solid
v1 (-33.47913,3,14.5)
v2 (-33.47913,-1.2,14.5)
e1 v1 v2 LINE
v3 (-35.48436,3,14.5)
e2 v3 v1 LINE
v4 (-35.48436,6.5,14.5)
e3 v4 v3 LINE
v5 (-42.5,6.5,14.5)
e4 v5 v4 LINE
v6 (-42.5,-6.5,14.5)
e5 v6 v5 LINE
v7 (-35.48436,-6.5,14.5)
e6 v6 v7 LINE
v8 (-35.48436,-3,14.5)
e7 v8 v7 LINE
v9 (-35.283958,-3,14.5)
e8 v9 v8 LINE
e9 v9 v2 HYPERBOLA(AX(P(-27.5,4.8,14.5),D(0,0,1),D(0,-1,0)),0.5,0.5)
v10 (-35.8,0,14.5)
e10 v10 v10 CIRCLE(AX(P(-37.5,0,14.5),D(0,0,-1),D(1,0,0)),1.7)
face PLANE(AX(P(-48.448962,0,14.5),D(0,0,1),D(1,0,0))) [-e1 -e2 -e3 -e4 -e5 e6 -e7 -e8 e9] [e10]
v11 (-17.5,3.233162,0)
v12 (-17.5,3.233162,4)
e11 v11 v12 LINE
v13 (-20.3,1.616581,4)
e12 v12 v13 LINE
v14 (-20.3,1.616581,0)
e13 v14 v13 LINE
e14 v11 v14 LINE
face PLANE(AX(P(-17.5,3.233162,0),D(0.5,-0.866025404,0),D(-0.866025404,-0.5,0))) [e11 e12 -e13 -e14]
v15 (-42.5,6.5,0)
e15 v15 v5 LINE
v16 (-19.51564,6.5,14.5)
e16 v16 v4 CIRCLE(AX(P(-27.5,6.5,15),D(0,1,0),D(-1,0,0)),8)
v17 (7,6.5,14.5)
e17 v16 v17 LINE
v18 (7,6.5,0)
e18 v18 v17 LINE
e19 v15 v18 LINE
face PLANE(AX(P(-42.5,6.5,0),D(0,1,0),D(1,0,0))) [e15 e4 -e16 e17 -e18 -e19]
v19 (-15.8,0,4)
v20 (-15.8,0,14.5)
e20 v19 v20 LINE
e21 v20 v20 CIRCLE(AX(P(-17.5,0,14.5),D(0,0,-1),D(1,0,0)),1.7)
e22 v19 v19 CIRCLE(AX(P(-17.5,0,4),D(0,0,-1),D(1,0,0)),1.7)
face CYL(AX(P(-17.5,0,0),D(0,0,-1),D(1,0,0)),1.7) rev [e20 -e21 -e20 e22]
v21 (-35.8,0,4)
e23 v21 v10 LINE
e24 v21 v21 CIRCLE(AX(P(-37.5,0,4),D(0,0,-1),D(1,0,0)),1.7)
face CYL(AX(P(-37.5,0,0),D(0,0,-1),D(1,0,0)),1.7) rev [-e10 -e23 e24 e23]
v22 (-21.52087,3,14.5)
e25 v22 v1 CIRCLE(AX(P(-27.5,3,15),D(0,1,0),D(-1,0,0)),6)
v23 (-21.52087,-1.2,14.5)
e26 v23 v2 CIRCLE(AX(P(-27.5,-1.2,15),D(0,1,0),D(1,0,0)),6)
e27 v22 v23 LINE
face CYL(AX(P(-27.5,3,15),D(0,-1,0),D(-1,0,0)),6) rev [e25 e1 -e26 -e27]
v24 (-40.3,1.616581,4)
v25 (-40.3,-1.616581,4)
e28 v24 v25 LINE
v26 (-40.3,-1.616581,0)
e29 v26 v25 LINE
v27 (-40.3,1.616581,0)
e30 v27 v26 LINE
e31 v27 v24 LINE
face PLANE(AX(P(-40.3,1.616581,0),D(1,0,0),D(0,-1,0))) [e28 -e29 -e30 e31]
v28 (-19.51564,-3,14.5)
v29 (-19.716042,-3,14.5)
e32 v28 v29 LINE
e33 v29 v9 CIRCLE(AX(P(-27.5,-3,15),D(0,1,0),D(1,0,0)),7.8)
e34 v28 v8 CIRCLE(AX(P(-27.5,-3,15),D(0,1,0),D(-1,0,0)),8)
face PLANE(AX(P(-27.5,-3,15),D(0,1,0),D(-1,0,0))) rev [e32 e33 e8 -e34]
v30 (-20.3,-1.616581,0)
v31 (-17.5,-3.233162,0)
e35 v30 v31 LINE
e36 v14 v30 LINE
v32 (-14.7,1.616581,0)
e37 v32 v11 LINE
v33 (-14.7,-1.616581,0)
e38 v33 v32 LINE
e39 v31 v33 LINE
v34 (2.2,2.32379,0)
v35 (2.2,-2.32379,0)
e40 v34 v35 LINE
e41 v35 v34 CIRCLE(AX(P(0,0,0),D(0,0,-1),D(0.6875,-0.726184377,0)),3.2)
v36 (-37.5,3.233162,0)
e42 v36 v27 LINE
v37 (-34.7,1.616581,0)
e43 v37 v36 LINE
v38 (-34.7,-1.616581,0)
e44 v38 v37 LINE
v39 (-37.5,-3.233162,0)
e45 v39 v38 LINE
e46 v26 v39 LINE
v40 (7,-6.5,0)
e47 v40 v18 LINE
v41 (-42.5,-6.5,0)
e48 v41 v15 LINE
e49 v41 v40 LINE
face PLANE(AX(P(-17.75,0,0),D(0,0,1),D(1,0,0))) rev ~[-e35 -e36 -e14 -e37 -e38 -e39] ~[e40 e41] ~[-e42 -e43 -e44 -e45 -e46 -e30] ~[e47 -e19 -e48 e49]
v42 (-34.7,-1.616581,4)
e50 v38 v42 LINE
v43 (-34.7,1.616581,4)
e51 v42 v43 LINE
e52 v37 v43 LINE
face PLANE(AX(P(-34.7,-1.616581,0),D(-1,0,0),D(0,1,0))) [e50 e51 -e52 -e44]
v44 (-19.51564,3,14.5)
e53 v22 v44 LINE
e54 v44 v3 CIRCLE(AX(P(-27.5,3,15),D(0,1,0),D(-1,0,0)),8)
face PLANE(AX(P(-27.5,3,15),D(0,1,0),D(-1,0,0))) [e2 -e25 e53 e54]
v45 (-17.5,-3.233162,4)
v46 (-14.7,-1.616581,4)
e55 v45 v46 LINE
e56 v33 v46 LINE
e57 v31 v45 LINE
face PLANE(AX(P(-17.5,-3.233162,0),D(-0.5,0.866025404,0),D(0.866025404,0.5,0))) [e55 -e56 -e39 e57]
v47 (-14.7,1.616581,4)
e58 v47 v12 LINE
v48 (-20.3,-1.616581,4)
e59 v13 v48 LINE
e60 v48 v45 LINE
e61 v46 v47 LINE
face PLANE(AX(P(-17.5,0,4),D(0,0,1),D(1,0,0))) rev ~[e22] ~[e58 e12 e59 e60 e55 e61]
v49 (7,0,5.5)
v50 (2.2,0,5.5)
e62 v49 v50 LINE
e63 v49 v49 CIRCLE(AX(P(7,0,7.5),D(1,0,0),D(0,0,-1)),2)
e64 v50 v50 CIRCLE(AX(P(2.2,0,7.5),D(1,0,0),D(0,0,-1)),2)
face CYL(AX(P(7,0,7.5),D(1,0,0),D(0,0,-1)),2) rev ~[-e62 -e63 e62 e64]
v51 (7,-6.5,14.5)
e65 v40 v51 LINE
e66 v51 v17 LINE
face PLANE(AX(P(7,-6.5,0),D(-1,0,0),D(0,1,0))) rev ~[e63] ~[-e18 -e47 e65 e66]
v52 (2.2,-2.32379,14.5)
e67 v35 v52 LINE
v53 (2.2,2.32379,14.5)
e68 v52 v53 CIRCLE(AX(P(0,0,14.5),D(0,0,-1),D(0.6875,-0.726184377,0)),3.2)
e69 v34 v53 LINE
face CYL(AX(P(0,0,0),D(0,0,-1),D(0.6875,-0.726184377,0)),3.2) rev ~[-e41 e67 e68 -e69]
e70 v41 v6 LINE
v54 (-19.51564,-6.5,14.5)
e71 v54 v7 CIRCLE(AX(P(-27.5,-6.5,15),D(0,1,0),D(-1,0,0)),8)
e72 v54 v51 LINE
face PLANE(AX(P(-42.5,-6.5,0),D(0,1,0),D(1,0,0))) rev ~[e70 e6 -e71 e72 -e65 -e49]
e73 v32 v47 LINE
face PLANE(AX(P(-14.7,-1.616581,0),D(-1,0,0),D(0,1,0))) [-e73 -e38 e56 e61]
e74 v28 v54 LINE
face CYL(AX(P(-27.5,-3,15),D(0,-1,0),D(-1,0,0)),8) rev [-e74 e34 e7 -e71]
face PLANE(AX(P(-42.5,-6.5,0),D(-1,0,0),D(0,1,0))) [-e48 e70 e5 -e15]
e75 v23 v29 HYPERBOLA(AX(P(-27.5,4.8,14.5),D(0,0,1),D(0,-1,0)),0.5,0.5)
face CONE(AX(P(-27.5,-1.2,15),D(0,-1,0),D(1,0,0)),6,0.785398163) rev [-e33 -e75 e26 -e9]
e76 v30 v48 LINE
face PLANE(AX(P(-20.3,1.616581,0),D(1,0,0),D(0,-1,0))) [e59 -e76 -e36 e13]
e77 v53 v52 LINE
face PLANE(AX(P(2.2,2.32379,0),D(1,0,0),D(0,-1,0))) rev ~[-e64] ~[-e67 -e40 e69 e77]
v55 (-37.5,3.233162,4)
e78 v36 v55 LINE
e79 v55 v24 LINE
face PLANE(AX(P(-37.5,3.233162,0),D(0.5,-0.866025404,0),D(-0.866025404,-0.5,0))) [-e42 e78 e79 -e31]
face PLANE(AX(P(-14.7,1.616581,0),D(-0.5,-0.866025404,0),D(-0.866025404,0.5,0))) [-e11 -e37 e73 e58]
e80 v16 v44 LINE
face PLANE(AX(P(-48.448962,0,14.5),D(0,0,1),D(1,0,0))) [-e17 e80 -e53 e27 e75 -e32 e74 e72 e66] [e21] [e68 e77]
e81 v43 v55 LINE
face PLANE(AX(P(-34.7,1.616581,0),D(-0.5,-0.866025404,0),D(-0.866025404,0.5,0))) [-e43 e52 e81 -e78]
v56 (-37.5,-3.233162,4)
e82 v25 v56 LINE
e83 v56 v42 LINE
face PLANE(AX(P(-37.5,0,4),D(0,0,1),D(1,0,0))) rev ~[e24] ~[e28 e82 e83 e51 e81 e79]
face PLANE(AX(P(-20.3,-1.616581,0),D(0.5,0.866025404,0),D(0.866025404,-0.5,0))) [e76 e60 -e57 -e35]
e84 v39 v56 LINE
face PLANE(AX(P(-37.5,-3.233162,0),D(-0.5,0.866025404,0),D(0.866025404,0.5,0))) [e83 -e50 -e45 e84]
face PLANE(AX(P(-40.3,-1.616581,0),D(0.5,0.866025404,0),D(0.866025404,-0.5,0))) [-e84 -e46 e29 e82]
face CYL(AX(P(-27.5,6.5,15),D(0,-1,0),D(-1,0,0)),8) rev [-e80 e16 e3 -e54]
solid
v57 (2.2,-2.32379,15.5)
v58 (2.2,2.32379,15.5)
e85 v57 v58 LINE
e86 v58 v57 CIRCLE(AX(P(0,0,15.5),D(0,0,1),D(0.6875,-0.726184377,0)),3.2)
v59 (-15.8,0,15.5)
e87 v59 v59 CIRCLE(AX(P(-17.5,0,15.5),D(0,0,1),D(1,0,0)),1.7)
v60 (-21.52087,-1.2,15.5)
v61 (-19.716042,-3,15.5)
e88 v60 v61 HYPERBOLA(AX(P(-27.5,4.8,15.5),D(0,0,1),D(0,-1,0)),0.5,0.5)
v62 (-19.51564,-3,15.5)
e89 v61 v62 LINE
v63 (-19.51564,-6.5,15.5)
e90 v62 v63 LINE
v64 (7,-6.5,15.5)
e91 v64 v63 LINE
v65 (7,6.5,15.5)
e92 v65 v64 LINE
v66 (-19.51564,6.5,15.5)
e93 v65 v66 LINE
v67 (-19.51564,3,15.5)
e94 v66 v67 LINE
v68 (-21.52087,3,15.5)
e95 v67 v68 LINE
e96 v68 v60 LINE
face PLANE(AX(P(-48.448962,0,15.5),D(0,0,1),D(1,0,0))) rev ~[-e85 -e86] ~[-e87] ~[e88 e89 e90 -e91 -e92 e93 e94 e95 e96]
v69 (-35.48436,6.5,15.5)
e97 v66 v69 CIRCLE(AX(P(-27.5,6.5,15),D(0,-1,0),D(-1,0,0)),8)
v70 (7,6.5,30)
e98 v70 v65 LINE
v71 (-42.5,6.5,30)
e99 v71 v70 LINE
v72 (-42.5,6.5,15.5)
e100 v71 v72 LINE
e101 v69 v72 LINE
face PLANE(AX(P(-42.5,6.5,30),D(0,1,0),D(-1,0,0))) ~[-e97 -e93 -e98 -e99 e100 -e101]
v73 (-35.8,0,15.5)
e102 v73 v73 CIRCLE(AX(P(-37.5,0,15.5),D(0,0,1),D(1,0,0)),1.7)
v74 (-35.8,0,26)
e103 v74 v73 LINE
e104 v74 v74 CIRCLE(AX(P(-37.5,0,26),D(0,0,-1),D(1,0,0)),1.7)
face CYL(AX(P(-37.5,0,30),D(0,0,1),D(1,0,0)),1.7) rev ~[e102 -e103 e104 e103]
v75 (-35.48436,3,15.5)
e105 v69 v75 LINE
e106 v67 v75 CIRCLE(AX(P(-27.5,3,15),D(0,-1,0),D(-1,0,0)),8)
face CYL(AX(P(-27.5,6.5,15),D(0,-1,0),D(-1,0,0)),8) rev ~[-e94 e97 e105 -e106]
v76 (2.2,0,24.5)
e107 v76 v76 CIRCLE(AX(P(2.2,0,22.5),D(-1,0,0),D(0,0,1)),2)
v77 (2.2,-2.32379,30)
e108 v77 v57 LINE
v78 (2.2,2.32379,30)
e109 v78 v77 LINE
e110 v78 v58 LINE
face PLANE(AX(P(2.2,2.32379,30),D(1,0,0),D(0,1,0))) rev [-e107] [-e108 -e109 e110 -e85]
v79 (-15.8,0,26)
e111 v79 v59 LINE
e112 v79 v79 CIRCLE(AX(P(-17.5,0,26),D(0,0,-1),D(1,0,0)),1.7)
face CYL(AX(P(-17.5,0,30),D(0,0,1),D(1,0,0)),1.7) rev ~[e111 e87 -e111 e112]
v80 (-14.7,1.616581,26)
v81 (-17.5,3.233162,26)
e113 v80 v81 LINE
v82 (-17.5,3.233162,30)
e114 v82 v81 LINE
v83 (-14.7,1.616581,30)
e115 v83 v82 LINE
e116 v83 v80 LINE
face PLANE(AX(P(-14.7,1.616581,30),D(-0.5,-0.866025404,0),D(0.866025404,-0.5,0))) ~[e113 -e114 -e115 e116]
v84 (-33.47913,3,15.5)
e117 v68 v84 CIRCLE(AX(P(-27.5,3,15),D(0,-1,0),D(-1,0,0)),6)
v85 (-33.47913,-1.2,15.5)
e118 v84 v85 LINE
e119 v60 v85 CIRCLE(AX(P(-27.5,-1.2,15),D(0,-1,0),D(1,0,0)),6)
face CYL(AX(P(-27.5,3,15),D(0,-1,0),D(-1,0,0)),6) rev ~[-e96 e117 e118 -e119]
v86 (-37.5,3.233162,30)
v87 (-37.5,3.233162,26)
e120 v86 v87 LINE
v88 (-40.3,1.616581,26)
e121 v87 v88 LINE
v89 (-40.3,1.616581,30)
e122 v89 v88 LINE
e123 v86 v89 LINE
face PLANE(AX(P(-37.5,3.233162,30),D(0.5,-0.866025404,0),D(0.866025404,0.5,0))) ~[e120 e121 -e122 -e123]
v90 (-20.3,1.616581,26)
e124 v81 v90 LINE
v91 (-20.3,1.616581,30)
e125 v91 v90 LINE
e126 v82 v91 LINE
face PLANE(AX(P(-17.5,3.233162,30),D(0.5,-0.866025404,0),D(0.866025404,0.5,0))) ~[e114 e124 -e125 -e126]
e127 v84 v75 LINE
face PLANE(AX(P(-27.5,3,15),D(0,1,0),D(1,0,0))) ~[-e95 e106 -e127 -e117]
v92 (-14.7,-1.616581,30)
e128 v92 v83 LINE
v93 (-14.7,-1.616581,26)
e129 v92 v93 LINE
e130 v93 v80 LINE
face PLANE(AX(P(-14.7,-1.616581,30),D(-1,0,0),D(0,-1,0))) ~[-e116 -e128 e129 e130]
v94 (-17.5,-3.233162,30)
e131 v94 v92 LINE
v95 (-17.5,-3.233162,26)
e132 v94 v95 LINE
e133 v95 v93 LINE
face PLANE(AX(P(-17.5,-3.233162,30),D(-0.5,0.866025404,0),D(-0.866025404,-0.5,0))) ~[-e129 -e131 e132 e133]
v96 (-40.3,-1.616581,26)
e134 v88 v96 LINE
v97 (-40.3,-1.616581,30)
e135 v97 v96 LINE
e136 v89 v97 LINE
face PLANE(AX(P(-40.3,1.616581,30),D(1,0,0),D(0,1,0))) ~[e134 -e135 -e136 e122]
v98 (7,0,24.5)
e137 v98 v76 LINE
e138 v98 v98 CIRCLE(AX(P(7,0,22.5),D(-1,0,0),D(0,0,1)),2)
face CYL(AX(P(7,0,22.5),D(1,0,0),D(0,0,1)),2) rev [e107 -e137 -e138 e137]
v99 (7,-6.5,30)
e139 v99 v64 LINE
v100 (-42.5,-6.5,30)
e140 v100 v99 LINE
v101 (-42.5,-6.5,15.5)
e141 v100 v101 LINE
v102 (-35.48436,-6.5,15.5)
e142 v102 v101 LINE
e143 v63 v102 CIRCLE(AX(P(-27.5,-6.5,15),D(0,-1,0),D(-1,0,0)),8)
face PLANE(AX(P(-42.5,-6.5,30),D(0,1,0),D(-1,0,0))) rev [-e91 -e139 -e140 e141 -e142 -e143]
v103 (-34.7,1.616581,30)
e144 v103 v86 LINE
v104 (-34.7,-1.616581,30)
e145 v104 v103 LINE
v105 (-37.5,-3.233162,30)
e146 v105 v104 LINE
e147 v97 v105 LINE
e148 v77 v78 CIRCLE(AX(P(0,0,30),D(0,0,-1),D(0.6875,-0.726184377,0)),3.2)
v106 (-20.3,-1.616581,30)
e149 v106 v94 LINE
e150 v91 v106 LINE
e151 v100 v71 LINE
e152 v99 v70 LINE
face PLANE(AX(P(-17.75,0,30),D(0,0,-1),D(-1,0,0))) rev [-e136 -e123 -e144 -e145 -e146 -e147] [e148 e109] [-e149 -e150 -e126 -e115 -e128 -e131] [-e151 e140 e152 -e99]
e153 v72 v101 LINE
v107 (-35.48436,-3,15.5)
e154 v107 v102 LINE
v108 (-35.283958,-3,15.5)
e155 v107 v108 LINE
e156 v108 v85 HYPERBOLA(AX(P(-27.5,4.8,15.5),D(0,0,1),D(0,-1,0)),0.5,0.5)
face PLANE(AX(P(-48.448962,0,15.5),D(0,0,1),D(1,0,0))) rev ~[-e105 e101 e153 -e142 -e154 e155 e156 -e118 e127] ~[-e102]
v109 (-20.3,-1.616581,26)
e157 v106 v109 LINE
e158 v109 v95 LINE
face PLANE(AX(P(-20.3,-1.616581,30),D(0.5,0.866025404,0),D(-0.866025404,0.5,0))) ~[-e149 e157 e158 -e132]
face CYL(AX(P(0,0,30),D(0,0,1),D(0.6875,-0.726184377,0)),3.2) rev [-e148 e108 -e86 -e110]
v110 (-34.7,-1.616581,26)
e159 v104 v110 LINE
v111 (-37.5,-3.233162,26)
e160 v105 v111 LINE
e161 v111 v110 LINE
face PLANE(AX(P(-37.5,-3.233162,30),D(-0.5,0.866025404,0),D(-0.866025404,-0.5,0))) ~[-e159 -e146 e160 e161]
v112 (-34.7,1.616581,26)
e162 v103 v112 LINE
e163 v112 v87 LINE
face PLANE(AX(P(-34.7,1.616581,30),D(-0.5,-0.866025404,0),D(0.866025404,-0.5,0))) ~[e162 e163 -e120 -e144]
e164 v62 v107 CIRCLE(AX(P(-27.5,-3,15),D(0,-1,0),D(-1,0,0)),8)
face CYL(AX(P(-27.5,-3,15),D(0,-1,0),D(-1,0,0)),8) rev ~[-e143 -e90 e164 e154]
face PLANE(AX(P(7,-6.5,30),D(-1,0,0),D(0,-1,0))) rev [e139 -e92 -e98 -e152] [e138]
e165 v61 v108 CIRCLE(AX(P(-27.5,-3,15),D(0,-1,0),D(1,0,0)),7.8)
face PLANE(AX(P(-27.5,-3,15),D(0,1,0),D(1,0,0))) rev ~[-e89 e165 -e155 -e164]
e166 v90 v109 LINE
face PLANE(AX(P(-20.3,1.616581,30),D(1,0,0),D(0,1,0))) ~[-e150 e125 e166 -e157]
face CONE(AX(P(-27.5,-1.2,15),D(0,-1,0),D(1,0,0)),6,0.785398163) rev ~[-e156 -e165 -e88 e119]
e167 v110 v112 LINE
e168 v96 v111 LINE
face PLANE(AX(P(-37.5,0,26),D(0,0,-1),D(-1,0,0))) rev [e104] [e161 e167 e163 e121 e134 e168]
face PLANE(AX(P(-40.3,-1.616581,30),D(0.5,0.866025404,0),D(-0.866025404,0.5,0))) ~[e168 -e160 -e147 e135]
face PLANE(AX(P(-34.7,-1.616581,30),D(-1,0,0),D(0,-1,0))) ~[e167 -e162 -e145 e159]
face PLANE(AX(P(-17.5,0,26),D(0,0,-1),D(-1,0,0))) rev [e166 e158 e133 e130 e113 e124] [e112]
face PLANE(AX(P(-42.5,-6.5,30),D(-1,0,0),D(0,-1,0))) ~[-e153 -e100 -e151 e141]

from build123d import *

# Parameters (mm, degrees)
SKIZZE1_W                            = 49.5
SKIZZE1_H                            = 13
SKIZZE1_R                            = 1.7
AUFSATZ_LINEAR_AUSTRAGEN1_DEPTH      = 15
FASE1_SIZE                           = 1.8
SCHNITT_LINEAR_AUSTRAGEN1_DEPTH      = 4
SKIZZE4_R                            = 2
SCHNITT_LINEAR_AUSTRAGEN2_DEPTH      = 4.8
SKIZZE5_W                            = 56.14798386
SKIZZE5_H                            = 1
SCHNITT_LINEAR_AUSTRAGEN3_DEPTH      = 7.5
SCHNITT_LINEAR_AUSTRAGEN3_DEPTH_BACK = 7.5


with BuildPart() as part:
    # Skizze1 → Aufsatz-Linear austragen1 (new body)
    with BuildSketch(Plane.XY):
        with Locations((-17.75, 0)):
            Rectangle(SKIZZE1_W, SKIZZE1_H)
        with Locations((-17.5, 0)):
            Circle(SKIZZE1_R, mode=Mode.SUBTRACT)
        with Locations((-37.5, 0)):
            Circle(SKIZZE1_R, mode=Mode.SUBTRACT)
        with BuildLine():
            Line((2.2, 2.323790008), (2.2, -2.323790008))
            ThreePointArc((2.2, -2.323790008), (-3.2, 0), (2.2, 2.323790008))
        make_face(mode=Mode.SUBTRACT)
    extrude(amount=AUFSATZ_LINEAR_AUSTRAGEN1_DEPTH)

    # Skizze2 → Schnitt-Rotation1 (revolve, cut)
    with BuildSketch(Plane.XY.offset(15)):
        Polygon((-35.5, 6.5), (-35.5, 3), (-33.5, 3), (-33.5, -3), (-35.5, -3), (-35.5, -6.5), (-27.5, -6.5), (-27.5, 6.5), align=None)
    revolve(axis=Axis((-27.5, -6.5, 15), (0, 1, 0)), mode=Mode.SUBTRACT)

    # Fase1
    fase1_edges = [part.edges().sort_by_distance(p)[0] for p in [
        (-27.5, -3, 9),
    ]]
    chamfer(fase1_edges, length=FASE1_SIZE)

    # Skizze3 → Schnitt-Linear austragen1 (cut)
    with BuildSketch(Plane.XY):
        Polygon((-14.7, -1.616580754), (-14.7, 1.616580754), (-17.5, 3.233161507), (-20.3, 1.616580754), (-20.3, -1.616580754), (-17.5, -3.233161507), align=None)
        Polygon((-37.5, -3.233161507), (-34.7, -1.616580754), (-34.7, 1.616580754), (-37.5, 3.233161507), (-40.3, 1.616580754), (-40.3, -1.616580754), align=None)
    extrude(amount=SCHNITT_LINEAR_AUSTRAGEN1_DEPTH, mode=Mode.SUBTRACT)

    # Skizze4 → Schnitt-Linear austragen2 (cut)
    with BuildSketch(Plane(origin=(7, 0, 0), x_dir=(0, 0, -1), z_dir=(1, 0, 0))):
        with Locations((-7.5, 0)):
            Circle(SKIZZE4_R)
    extrude(amount=-SCHNITT_LINEAR_AUSTRAGEN2_DEPTH, mode=Mode.SUBTRACT)


with BuildPart() as body_2:
    # Spiegeln1: mirrored copy
    add(part.part.mirror(Plane.XY.offset(15)))


with BuildPart() as schnitt_linear_austragen3_tool:
    # Skizze5 → Schnitt-Linear austragen3 (new body, two sides)
    with BuildSketch(Plane(origin=(0, 0, 0), x_dir=(1, 0, 0), z_dir=(0, 1, 0))) as schnitt_linear_austragen3_sk:
        with Locations((-20.374969748, -15)):
            Rectangle(SKIZZE5_W, SKIZZE5_H)
    extrude(amount=SCHNITT_LINEAR_AUSTRAGEN3_DEPTH)
    extrude(schnitt_linear_austragen3_sk.sketch, amount=-SCHNITT_LINEAR_AUSTRAGEN3_DEPTH_BACK)


with BuildPart() as part_1:
    add(part.part)

    # Schnitt-Linear austragen3: cut by schnitt_linear_austragen3_tool
    add(schnitt_linear_austragen3_tool.part, mode=Mode.SUBTRACT)


with BuildPart() as body_2_1:
    add(body_2.part)

    # Schnitt-Linear austragen3: cut by schnitt_linear_austragen3_tool
    add(schnitt_linear_austragen3_tool.part, mode=Mode.SUBTRACT)


solid = Compound([part_1.part, body_2_1.part])
